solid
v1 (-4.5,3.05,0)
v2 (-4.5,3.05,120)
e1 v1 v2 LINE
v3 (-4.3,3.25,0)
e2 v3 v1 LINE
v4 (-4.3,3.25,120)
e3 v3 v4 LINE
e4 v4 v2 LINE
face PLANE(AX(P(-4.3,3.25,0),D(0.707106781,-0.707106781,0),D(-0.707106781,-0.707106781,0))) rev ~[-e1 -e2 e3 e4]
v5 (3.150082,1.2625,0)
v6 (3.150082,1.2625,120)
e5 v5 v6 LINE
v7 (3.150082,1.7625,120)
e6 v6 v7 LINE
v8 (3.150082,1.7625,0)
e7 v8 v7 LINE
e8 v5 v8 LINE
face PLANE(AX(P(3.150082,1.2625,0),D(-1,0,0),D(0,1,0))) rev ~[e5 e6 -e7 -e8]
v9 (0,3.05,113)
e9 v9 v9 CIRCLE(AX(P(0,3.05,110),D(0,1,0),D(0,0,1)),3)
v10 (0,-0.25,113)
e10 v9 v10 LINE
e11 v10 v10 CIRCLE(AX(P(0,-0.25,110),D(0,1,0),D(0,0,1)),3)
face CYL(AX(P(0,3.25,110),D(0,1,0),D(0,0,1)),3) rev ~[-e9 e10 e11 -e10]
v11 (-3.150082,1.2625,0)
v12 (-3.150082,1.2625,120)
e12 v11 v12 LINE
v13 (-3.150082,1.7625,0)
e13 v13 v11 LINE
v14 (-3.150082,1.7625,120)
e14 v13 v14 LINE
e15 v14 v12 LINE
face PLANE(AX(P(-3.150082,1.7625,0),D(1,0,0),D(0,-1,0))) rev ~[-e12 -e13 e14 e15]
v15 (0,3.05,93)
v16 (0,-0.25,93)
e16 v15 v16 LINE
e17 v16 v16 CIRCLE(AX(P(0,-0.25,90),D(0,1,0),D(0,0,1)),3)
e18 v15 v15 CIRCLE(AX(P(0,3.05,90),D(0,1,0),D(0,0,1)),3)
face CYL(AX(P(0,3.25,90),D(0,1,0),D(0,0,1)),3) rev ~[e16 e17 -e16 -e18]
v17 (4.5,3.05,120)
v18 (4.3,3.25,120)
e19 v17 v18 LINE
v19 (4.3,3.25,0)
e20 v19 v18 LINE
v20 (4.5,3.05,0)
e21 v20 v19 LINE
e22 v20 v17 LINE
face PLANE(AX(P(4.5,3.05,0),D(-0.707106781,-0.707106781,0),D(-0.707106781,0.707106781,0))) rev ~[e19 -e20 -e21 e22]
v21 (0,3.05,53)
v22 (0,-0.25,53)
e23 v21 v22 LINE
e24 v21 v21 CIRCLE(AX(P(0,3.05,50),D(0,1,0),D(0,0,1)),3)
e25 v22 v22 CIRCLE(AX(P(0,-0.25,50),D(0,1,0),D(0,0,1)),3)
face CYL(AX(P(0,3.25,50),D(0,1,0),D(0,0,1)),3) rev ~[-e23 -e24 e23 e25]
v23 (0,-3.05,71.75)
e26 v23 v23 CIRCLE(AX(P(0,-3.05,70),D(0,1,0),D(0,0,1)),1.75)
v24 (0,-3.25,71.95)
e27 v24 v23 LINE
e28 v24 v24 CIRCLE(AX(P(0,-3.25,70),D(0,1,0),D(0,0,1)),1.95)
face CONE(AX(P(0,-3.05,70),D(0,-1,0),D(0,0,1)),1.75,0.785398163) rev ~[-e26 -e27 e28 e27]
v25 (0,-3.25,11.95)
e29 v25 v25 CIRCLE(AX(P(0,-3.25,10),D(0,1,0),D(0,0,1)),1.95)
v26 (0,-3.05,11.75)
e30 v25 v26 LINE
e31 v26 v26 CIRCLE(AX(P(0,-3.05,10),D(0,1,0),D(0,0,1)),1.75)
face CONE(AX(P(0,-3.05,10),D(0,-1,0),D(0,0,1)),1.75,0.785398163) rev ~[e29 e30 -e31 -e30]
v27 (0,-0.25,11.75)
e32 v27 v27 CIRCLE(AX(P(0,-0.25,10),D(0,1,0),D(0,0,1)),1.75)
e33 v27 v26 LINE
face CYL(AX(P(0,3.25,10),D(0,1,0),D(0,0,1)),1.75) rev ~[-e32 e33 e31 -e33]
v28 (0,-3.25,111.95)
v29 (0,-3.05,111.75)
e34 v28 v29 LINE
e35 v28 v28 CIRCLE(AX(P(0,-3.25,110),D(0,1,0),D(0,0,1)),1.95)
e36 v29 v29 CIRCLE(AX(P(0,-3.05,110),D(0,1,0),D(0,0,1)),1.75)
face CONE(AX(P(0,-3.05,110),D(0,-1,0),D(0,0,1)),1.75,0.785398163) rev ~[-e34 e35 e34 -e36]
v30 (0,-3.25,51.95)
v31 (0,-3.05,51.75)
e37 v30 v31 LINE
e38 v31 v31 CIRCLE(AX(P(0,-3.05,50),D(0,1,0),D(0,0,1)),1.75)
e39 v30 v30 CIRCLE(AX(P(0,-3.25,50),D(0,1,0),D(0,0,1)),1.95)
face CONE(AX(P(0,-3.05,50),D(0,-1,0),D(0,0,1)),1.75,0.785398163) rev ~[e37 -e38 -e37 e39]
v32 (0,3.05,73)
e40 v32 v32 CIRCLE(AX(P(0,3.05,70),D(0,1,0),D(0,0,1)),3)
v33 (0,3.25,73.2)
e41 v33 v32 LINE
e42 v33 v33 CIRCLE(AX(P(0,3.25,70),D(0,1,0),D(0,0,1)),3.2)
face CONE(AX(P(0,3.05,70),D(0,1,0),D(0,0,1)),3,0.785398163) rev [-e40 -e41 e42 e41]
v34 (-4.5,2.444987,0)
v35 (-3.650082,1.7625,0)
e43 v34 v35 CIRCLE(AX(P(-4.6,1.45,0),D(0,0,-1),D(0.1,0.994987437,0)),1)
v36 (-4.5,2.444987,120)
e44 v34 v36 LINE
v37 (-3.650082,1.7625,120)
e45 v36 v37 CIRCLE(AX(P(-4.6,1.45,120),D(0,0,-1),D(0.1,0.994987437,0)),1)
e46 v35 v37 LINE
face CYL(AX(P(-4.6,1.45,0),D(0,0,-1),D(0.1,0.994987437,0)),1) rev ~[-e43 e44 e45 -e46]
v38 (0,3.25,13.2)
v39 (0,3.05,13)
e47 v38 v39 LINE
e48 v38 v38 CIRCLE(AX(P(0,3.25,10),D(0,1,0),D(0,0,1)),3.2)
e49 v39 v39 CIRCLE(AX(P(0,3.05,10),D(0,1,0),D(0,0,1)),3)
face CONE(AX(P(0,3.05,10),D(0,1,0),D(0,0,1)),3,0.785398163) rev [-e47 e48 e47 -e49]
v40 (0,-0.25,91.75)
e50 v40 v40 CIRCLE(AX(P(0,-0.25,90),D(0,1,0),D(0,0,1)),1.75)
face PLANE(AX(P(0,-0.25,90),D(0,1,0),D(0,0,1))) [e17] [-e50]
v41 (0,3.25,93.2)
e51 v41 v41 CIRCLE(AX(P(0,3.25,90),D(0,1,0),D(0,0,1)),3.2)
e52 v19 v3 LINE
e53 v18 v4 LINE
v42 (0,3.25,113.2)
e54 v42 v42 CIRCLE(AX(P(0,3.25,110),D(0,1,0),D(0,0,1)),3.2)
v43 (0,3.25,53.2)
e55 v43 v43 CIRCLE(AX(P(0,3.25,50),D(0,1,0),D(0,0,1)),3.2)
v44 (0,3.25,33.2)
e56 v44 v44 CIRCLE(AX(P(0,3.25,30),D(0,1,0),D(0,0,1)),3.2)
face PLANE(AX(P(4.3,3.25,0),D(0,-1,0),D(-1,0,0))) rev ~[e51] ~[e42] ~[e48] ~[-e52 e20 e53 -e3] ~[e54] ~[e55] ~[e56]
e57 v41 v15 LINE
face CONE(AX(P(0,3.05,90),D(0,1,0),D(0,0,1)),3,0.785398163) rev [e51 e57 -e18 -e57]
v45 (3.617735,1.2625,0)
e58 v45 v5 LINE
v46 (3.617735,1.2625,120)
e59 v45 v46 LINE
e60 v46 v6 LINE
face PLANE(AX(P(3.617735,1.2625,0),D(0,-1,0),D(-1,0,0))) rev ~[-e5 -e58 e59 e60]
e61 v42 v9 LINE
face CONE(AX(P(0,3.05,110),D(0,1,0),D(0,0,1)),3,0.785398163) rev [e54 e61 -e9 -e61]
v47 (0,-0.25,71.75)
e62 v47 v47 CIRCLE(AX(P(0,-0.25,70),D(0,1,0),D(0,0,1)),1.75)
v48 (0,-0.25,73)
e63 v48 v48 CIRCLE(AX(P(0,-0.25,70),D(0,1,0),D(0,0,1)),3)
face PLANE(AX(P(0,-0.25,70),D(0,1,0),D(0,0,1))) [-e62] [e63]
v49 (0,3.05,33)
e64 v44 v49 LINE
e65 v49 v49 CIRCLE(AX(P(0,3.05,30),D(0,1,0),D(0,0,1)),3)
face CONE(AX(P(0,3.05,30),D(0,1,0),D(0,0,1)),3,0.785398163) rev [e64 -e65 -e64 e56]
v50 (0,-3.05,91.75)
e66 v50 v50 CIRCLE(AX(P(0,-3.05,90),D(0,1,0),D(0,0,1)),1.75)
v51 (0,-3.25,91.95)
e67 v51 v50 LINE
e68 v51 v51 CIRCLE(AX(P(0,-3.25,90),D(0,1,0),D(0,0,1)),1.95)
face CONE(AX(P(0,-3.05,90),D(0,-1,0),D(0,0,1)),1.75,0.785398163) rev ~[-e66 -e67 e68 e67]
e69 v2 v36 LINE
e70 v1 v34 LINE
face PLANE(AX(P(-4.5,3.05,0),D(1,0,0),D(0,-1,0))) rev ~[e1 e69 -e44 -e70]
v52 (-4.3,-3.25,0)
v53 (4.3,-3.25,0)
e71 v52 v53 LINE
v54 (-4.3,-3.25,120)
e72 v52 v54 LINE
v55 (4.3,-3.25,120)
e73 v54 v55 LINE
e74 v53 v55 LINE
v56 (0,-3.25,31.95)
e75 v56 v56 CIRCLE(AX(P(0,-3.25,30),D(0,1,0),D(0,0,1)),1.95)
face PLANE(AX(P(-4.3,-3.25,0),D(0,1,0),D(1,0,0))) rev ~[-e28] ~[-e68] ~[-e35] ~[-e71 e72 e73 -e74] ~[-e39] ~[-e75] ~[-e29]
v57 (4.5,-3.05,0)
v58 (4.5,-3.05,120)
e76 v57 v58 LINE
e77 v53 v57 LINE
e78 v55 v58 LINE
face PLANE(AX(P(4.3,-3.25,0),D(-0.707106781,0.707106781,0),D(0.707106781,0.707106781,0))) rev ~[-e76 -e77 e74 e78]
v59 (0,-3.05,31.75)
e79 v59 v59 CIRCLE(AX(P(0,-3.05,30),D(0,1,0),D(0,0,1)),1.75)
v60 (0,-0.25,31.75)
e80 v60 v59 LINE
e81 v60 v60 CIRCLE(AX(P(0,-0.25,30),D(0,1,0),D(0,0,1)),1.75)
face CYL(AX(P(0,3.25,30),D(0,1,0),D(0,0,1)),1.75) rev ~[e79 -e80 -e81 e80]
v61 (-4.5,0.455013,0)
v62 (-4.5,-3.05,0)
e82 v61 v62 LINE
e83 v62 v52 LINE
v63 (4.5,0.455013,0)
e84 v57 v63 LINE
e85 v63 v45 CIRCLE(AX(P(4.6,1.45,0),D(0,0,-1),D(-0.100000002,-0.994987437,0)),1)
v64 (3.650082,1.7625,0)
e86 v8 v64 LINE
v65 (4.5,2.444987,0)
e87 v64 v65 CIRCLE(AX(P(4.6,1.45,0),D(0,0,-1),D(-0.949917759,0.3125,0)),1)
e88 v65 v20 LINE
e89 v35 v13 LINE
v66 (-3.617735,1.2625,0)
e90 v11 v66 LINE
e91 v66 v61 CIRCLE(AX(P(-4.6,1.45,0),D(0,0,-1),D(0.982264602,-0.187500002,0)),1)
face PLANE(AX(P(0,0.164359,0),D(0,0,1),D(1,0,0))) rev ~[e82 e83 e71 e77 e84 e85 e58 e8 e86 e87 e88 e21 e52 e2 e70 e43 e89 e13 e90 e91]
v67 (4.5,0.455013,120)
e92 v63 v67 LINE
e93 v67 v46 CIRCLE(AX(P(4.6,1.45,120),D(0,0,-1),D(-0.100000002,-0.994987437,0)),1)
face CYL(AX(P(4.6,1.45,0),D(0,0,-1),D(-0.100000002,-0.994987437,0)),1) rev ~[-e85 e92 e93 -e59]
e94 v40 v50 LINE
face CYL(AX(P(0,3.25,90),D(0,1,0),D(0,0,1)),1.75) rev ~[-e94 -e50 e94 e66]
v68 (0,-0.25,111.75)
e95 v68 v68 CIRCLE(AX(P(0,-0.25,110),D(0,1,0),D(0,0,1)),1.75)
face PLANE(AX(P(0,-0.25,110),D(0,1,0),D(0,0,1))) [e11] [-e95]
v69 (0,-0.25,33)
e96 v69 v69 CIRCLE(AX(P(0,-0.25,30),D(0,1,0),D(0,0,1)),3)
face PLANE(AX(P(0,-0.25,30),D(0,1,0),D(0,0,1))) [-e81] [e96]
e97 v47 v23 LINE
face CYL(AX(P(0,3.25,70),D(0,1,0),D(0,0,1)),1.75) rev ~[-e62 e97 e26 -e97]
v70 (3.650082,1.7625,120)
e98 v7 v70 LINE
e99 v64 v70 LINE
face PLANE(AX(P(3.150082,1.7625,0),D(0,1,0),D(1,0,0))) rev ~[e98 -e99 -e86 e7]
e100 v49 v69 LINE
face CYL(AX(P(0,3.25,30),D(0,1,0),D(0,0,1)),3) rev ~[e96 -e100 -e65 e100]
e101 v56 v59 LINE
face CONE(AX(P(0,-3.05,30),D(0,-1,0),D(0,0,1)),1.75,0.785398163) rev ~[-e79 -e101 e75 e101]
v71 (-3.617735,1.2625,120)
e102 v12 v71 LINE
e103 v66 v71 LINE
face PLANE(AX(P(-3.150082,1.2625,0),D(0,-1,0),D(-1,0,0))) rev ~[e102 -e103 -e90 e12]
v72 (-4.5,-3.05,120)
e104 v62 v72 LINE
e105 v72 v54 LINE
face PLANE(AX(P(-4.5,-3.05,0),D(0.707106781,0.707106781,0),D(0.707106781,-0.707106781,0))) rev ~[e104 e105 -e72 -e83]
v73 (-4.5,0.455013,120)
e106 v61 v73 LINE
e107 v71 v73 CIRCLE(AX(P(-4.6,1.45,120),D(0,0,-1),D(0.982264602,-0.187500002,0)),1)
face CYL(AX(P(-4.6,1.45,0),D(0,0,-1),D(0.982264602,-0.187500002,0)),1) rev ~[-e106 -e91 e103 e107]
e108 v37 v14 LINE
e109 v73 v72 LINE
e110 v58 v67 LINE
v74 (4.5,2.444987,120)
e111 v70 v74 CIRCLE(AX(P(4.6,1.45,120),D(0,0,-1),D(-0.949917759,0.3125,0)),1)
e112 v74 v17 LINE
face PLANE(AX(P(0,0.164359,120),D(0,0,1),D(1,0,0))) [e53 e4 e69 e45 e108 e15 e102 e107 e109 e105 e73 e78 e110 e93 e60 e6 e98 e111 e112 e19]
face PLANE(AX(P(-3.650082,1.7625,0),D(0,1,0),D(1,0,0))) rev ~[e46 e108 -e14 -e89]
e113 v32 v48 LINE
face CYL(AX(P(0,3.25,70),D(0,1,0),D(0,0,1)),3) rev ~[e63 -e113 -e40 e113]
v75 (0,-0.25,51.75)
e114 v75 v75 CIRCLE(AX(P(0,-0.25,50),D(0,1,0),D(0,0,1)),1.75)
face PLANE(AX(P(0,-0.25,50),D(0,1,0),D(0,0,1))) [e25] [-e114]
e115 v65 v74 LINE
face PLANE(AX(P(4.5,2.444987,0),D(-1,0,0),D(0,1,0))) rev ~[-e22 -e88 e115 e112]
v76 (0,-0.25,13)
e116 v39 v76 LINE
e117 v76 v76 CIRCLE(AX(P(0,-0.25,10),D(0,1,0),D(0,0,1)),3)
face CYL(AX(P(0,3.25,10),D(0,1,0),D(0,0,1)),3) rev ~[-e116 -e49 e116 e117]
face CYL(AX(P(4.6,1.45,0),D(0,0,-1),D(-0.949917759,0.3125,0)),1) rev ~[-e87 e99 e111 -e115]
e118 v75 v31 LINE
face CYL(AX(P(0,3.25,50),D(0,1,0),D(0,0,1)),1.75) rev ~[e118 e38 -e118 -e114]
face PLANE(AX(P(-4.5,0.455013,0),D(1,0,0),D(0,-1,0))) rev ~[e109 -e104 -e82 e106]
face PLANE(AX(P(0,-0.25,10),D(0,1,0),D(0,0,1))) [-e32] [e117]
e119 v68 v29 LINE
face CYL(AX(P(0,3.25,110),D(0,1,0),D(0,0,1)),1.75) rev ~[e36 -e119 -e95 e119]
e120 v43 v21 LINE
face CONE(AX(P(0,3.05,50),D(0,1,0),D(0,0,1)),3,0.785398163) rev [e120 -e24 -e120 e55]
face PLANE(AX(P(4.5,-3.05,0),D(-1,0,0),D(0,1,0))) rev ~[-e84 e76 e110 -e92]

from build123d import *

# Parameters (mm, degrees)
EXTRUDE1_DEPTH             = 120
EXTRUDE2_REACH             = 122.26
SKETCH2_R                  = 1.75
SKETCH_R                   = 3
SKETCH_R_2                 = 1.75
EXTRUDE4_DEPTH             = 3.5
CHAMFER1_SIZE              = 0.2
LPATTERN1_COUNT            = 6
LPATTERN1_PITCH            = 20
CHAMFER1_OF_LPATTERN1_SIZE = 0.2


with BuildPart() as part:
    # Sketch1 → Extrude1 (new body)
    with BuildSketch(Plane.XY):
        with BuildLine():
            Line((-4.3, -3.25), (4.3, -3.25))
            Line((4.3, -3.25), (4.5, -3.05))
            Line((4.5, -3.05), (4.5, 0.455012563))
            ThreePointArc((4.5, 0.455012563), (3.924845827, 0.712323349), (3.617735397, 1.2625))
            Line((3.617735397, 1.2625), (3.15008224, 1.2625))
            Line((3.15008224, 1.2625), (3.15008224, 1.7625))
            Line((3.15008224, 1.7625), (3.65008224, 1.7625))
            ThreePointArc((3.65008224, 1.7625), (3.973877727, 2.229724887), (4.5, 2.444987437))
            Line((4.5, 2.444987437), (4.5, 3.05))
            Line((4.5, 3.05), (4.3, 3.25))
            Line((4.3, 3.25), (-4.3, 3.25))
            Line((-4.3, 3.25), (-4.5, 3.05))
            Line((-4.5, 3.05), (-4.5, 2.444987437))
            ThreePointArc((-4.5, 2.444987437), (-3.973877727, 2.229724887), (-3.65008224, 1.7625))
            Line((-3.65008224, 1.7625), (-3.15008224, 1.7625))
            Line((-3.15008224, 1.7625), (-3.15008224, 1.2625))
            Line((-3.15008224, 1.2625), (-3.617735397, 1.2625))
            ThreePointArc((-3.617735397, 1.2625), (-3.924845827, 0.712323349), (-4.5, 0.455012563))
            Line((-4.5, 0.455012563), (-4.5, -3.05))
            Line((-4.5, -3.05), (-4.3, -3.25))
        make_face()
    extrude(amount=EXTRUDE1_DEPTH)

    # Sketch2 → Extrude2 (cut, up to next)
    with BuildSketch(Plane(origin=(0, 3.25, 0), x_dir=(1, 0, 0), z_dir=(0, 1, 0)), mode=Mode.PRIVATE) as extrude2_sk1:
        with Locations((0, -10)):
            Circle(SKETCH2_R)
    extrude2_tool1 = extrude(extrude2_sk1.sketch, amount=-EXTRUDE2_REACH, mode=Mode.PRIVATE) & part.part
    extrude2 = extrude2_tool1.solids().sort_by_distance((0, 3.25, 10))[0]
    add(extrude2, mode=Mode.SUBTRACT)

    # Sketch → Extrude4 (cut)
    with BuildSketch(Plane(origin=(0, 3.25, 0), x_dir=(1, 0, 0), z_dir=(0, 1, 0))):
        with Locations((0, -10)):
            Circle(SKETCH_R)
        with Locations((0, -10)):
            Circle(SKETCH_R_2, mode=Mode.SUBTRACT)
    extrude4 = extrude(amount=-EXTRUDE4_DEPTH, mode=Mode.SUBTRACT)

    # Chamfer1
    chamfer1_edges = [part.edges().sort_by_distance(p)[0] for p in [
        (-1.75, -3.25, 10),
        (-3, 3.25, 10),
    ]]
    chamfer(chamfer1_edges, length=CHAMFER1_SIZE)

    # LPattern1: Extrude2, Extrude4 ×6
    with Locations(*[(0, 0, i * LPATTERN1_PITCH) for i in range(1, LPATTERN1_COUNT)]):
        add(extrude2, mode=Mode.SUBTRACT)
        add(extrude4, mode=Mode.SUBTRACT)

    # Chamfer1 of LPattern1
    chamfer1_of_lpattern1_edges = [part.edges().sort_by_distance(p)[0] for p in [
        (-1.75, -3.25, 30),
        (-3, 3.25, 30),
        (-1.75, -3.25, 50),
        (-3, 3.25, 50),
        (-1.75, -3.25, 70),
        (-3, 3.25, 70),
        (-1.75, -3.25, 90),
        (-3, 3.25, 90),
        (-1.75, -3.25, 110),
        (-3, 3.25, 110),
    ]]
    chamfer(chamfer1_of_lpattern1_edges, length=CHAMFER1_OF_LPATTERN1_SIZE)


solid = part.part
